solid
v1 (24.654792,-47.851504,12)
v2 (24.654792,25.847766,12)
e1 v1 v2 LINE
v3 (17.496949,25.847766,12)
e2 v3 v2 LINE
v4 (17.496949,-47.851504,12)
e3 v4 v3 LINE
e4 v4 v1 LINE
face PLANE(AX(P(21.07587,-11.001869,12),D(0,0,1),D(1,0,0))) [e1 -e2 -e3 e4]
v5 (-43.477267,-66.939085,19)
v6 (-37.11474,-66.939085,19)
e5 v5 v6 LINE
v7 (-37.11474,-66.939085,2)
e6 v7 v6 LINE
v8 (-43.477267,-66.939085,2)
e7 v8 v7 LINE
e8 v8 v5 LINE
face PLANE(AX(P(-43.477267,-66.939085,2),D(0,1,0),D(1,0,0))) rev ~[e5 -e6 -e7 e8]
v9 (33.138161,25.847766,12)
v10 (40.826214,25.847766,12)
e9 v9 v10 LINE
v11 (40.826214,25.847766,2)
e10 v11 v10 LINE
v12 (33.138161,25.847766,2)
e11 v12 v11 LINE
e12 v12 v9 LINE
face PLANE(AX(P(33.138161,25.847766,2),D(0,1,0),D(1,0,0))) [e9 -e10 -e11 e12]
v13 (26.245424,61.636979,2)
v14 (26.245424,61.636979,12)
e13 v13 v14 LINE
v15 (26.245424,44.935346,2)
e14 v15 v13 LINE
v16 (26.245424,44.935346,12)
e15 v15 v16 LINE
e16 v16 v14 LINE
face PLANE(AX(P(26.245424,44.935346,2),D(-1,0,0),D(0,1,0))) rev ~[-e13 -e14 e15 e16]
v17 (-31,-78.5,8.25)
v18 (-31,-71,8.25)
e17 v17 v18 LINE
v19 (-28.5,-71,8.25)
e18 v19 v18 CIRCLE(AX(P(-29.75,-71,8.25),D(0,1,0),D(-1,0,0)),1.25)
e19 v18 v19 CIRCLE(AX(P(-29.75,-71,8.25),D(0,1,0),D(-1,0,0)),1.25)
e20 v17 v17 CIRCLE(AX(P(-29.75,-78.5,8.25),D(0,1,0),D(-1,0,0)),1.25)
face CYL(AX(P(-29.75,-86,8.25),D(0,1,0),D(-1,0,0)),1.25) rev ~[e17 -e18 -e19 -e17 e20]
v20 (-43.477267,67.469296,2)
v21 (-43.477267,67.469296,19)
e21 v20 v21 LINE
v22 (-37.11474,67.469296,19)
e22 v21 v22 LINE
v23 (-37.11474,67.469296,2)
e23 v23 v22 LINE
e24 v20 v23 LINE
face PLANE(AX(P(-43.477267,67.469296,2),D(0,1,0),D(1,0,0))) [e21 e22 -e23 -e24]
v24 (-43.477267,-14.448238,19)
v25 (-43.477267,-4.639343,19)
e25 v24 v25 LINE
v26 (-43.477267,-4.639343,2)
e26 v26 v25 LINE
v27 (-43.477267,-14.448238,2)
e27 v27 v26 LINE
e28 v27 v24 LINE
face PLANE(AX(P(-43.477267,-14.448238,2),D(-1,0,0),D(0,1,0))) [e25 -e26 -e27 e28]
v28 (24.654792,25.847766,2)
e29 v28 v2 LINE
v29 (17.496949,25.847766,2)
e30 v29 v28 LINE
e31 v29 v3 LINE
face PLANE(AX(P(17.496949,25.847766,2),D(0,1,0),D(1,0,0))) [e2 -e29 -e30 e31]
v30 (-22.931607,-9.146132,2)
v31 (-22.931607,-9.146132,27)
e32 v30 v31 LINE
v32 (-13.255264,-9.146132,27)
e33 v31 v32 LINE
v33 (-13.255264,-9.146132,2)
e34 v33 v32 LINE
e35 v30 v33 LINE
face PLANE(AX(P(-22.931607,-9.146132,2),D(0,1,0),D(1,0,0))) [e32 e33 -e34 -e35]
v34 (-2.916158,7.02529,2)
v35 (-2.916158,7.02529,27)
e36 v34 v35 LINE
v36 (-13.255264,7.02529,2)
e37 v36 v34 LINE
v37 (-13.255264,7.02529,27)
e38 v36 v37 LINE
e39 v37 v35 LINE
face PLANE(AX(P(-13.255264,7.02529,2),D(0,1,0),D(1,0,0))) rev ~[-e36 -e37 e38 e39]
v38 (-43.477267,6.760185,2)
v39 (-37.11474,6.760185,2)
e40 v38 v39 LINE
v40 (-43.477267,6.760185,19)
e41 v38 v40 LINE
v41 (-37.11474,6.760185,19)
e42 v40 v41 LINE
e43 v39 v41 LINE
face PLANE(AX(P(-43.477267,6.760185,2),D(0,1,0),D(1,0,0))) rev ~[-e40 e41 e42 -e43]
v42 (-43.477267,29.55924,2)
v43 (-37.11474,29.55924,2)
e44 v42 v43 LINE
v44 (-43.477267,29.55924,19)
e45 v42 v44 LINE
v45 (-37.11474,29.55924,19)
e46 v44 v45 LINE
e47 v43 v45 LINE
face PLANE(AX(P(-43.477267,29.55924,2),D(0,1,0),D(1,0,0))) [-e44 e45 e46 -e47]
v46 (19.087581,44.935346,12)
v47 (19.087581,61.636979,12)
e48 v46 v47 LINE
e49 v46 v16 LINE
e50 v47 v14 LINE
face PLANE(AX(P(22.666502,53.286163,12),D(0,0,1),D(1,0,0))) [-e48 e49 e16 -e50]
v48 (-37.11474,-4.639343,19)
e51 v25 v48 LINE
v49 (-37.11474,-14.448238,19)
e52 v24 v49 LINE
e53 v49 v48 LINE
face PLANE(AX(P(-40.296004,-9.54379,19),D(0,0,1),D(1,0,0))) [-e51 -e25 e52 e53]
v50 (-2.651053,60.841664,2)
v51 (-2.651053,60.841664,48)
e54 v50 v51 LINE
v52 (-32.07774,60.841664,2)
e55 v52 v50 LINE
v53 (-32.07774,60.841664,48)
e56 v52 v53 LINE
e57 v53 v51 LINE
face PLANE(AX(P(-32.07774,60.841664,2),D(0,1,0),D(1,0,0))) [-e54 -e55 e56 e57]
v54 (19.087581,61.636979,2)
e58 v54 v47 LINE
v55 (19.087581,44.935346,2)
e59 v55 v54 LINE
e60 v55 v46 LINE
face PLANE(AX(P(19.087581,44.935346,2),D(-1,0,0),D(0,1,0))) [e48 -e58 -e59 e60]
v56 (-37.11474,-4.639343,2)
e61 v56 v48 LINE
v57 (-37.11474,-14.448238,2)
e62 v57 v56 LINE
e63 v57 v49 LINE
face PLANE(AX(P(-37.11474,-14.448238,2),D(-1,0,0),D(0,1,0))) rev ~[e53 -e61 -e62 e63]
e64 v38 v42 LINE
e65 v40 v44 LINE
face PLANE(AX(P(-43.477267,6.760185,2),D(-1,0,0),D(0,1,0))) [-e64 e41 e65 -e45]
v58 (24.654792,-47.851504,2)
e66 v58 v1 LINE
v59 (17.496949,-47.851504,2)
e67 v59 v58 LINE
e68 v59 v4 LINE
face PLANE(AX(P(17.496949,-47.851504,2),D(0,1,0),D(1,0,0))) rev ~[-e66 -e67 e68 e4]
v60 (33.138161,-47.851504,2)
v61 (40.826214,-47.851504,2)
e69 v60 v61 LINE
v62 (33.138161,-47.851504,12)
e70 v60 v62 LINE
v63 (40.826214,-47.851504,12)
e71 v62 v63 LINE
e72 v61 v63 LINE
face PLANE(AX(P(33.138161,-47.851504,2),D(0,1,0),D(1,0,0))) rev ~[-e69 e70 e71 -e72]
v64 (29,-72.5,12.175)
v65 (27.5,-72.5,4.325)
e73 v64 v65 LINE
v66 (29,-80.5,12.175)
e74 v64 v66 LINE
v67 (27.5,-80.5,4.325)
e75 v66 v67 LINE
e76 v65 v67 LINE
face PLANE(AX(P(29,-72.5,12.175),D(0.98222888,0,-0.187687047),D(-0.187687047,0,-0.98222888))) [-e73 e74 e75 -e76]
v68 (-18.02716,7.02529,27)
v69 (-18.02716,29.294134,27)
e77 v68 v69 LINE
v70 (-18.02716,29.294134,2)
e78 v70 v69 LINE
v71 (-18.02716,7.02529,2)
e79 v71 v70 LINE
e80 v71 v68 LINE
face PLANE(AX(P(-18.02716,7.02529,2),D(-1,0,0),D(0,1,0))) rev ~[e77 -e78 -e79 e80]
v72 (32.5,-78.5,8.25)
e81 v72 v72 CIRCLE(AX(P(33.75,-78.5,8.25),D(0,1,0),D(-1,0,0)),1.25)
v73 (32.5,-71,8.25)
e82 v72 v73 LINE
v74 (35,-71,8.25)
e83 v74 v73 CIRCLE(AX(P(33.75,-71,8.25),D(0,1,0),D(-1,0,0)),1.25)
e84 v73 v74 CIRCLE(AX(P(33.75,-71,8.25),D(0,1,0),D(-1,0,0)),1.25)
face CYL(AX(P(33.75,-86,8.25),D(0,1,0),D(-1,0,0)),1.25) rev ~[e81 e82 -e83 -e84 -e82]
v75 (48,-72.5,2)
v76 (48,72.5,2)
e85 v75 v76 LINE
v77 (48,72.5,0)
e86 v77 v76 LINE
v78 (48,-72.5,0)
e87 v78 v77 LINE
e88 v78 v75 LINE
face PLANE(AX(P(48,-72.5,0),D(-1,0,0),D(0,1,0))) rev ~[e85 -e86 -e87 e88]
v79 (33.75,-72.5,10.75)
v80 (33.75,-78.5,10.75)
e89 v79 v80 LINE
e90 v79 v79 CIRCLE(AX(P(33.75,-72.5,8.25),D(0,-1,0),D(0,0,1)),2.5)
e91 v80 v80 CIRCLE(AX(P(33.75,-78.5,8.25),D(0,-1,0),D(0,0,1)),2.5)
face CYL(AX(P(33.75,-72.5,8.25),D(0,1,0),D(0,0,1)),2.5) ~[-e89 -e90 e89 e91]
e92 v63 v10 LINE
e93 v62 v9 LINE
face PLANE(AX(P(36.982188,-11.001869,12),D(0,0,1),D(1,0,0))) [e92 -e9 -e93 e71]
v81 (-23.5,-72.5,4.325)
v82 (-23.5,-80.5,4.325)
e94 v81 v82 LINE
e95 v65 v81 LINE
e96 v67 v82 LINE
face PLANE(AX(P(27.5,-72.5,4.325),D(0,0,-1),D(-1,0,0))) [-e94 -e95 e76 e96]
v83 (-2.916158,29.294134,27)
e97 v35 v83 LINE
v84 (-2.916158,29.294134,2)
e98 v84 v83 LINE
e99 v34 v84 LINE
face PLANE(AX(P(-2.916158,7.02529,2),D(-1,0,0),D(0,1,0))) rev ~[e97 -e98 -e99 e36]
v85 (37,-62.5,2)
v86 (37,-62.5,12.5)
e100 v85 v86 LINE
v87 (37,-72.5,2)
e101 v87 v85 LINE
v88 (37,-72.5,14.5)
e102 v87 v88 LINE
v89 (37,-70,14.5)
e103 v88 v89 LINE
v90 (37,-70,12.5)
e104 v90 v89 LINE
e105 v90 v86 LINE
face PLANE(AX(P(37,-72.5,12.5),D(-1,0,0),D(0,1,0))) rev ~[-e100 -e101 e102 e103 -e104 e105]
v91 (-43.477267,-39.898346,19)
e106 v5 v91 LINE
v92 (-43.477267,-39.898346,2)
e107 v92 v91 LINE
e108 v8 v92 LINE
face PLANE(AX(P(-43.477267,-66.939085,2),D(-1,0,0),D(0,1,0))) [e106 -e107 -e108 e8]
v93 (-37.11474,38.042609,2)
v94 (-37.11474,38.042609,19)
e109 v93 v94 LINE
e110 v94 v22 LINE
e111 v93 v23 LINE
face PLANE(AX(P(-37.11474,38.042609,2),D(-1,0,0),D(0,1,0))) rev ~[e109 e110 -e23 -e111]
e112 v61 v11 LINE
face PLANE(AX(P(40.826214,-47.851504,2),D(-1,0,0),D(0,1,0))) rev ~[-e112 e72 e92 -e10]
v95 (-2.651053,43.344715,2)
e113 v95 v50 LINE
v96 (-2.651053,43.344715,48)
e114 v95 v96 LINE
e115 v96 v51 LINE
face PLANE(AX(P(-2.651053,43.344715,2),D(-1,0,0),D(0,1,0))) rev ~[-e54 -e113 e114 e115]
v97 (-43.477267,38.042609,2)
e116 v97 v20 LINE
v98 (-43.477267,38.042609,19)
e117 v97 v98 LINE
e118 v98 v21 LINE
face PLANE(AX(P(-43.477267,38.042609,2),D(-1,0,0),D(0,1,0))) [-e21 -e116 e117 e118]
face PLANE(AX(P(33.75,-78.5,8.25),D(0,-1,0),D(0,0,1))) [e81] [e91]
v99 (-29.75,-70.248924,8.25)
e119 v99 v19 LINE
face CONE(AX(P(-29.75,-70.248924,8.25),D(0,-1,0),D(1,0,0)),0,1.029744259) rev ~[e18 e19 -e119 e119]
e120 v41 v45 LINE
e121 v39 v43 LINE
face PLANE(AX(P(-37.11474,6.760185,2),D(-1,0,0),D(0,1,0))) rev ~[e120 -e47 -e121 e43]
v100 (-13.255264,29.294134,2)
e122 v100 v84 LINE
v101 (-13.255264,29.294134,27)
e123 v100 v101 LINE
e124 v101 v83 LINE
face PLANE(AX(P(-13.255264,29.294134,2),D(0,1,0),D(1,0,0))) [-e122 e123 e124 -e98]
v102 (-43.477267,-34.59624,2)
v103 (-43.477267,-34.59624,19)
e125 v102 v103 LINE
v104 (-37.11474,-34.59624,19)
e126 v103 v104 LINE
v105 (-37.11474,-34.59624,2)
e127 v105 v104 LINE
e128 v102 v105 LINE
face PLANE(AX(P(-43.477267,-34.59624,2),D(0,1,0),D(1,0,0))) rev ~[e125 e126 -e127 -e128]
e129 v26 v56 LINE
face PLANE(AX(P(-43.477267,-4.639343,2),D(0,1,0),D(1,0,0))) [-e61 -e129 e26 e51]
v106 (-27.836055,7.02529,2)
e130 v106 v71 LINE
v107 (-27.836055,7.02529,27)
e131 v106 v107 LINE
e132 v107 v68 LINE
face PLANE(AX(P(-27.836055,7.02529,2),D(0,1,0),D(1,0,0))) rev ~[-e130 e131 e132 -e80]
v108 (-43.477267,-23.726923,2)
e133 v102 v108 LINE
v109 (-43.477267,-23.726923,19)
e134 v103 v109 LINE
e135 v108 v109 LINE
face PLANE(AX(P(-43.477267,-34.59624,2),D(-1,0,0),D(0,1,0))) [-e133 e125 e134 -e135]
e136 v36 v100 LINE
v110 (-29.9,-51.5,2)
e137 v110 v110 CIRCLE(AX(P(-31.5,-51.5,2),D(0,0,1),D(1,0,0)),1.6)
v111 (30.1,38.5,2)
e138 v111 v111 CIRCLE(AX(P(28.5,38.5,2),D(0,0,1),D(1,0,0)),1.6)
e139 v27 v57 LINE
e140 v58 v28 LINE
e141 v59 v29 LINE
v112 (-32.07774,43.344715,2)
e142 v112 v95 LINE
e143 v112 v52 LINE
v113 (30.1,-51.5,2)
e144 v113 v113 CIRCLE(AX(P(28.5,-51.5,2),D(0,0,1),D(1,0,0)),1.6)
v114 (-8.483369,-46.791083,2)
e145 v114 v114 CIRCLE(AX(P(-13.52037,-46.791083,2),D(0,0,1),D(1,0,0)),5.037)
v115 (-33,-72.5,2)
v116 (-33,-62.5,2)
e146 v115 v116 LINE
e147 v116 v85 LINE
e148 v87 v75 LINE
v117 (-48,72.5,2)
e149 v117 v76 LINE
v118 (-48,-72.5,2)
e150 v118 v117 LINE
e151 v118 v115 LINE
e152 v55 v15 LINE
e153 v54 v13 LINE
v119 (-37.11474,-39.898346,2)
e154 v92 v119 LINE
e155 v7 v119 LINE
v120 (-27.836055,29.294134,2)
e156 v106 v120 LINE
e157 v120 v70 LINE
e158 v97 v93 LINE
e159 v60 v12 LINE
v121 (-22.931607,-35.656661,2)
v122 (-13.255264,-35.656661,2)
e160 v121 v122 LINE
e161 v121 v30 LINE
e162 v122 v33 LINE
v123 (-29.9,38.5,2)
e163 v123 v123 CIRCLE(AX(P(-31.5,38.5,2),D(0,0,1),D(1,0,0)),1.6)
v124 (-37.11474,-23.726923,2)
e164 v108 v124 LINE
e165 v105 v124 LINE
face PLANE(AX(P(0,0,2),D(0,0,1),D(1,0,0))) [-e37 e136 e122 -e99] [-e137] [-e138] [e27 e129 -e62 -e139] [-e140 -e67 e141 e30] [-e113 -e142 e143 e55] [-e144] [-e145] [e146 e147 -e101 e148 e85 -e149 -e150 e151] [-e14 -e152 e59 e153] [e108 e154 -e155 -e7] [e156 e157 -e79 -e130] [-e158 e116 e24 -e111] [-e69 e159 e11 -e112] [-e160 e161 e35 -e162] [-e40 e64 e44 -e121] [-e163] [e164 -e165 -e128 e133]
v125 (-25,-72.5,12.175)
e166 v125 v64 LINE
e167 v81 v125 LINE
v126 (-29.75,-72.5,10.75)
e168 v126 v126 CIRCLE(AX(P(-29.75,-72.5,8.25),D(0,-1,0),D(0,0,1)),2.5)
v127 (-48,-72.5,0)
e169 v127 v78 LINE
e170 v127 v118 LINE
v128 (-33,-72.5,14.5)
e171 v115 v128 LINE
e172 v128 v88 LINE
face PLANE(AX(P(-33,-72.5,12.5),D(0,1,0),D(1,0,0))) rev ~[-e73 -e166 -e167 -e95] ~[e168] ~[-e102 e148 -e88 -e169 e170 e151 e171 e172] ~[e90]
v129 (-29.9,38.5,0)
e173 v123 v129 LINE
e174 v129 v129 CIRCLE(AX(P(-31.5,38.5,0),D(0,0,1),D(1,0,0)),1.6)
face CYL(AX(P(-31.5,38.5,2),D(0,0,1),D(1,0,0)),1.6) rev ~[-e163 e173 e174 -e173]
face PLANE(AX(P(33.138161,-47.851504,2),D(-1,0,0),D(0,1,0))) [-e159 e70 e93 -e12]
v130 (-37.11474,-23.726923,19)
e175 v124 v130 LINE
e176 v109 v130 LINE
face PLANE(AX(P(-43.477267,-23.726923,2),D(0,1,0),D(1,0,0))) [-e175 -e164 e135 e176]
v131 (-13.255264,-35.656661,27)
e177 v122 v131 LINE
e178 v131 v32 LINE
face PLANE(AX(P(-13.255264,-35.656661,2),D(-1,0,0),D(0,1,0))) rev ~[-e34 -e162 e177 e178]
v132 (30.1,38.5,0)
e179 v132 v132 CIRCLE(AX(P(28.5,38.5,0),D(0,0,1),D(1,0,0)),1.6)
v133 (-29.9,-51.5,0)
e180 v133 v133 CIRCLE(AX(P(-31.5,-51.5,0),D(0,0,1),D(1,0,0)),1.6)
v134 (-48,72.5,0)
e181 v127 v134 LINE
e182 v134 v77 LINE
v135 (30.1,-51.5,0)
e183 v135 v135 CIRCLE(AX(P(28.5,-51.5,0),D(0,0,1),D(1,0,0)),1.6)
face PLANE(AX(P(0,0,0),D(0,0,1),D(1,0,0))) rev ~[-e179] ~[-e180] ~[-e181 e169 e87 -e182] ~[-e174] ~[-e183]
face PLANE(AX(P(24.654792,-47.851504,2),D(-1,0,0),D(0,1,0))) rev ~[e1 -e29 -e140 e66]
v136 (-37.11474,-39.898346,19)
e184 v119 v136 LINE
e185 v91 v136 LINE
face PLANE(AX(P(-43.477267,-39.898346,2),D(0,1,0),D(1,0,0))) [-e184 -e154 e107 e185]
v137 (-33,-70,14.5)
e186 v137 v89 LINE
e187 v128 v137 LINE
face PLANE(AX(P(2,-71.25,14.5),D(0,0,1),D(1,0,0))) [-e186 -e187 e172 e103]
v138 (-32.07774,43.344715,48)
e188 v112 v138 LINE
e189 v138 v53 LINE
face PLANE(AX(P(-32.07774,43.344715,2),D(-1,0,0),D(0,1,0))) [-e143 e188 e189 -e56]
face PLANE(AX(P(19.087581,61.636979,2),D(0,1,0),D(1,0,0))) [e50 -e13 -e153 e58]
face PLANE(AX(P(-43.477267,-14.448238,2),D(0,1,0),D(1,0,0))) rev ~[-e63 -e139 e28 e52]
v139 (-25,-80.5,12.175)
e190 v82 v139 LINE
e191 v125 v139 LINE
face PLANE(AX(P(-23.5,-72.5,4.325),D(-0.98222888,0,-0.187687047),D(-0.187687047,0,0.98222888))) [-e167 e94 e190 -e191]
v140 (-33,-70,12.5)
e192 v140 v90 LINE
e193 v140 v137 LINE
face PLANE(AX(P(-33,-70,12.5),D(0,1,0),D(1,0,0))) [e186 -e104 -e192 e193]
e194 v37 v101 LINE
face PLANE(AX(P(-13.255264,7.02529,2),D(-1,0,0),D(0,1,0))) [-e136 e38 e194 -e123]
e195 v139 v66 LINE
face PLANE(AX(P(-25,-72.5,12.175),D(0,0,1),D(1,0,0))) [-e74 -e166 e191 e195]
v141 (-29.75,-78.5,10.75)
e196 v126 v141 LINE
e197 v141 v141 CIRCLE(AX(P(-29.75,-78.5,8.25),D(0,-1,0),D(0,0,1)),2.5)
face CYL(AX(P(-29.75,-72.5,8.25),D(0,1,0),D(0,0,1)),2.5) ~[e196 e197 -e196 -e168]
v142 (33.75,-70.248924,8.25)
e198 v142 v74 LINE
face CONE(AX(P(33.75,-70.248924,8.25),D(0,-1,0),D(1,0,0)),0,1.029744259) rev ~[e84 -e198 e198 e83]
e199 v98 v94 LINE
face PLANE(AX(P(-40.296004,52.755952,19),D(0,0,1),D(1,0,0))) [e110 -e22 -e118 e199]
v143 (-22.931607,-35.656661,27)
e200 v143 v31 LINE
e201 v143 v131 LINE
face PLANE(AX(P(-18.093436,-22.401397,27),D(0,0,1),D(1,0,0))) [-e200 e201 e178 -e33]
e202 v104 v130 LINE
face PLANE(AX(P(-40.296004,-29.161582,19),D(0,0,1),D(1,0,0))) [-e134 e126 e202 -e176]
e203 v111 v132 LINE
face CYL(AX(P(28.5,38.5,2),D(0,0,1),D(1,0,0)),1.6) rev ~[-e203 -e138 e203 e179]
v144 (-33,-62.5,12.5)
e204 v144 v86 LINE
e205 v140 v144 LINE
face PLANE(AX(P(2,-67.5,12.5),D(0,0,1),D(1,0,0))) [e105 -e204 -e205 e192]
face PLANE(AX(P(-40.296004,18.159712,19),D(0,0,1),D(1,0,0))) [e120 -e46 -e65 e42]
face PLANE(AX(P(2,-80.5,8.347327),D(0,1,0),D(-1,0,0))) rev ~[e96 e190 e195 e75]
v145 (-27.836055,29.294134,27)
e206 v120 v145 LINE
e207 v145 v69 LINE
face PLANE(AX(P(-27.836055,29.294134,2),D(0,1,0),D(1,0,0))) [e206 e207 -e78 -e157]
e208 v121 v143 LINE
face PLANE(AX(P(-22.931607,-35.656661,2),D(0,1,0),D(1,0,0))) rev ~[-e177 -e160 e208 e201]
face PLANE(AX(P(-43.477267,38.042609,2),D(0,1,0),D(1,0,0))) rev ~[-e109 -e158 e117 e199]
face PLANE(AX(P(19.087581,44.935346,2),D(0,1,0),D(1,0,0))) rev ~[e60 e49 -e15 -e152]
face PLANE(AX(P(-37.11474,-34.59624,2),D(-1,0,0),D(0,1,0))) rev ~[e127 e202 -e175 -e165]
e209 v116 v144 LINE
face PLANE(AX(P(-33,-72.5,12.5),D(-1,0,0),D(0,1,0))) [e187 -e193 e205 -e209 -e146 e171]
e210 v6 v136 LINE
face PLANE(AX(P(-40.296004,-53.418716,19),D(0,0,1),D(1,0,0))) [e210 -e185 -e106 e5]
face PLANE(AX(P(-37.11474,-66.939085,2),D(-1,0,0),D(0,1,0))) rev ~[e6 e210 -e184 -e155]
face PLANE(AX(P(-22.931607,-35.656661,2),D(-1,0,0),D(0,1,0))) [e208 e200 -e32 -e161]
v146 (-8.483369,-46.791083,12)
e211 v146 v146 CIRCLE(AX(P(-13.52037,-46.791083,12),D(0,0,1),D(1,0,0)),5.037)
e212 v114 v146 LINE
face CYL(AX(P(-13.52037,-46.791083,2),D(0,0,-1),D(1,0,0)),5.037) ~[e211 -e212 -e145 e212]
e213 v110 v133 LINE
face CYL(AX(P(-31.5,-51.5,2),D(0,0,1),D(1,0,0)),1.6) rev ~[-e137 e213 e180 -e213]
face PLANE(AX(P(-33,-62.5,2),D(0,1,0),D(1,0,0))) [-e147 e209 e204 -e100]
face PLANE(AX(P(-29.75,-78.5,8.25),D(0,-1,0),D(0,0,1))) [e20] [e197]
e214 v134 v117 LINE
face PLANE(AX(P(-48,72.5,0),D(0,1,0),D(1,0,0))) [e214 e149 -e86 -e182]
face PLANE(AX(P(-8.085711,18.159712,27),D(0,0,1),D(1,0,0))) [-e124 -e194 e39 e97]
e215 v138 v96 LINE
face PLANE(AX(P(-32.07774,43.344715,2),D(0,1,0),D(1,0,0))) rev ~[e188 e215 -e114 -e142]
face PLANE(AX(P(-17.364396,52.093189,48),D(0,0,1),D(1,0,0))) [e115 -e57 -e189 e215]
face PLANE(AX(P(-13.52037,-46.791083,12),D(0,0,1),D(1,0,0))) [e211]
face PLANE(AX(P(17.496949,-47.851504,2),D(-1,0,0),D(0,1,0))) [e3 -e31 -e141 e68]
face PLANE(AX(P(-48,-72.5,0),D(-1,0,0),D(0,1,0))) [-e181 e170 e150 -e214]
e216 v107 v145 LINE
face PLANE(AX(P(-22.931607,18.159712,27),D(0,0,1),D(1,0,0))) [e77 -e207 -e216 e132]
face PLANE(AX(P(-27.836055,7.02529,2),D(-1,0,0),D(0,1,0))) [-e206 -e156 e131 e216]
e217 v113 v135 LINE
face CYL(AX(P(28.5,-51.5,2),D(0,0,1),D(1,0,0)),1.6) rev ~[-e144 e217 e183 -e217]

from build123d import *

# Parameters (mm, degrees)
SKETCH_1_W          = 96
SKETCH_1_H          = 145
EXTRUDE_1_DEPTH     = 2
SKETCH_2_W          = 6.362526911
SKETCH_2_H          = 29.426686961
SKETCH_2_H_2        = 22.799054763
SKETCH_2_H_3        = 9.808895654
SKETCH_2_H_4        = 10.869316806
SKETCH_2_H_5        = 27.04073937
EXTRUDE_2_DEPTH     = 17
SKETCH_3_W          = 29.426686961
SKETCH_3_H          = 17.496949003
EXTRUDE_3_DEPTH     = 46
SKETCH_4_W          = 9.808895653
SKETCH_4_H          = 22.268844187
SKETCH_4_W_2        = 10.33910623
SKETCH_4_W_3        = 9.676343009
SKETCH_4_H_2        = 26.510528793
EXTRUDE_4_DEPTH     = 25
SKETCH_5_R          = 5.037000471
EXTRUDE_5_DEPTH     = 10
SKETCH_6_W          = 7.157842775
SKETCH_6_H          = 16.70163314
EXTRUDE_6_DEPTH     = 10
SKETCH_7_W          = 7.157842774
SKETCH_7_H          = 73.699270047
SKETCH_7_W_2        = 7.68805335
EXTRUDE_7_DEPTH     = 10
SKETCH_8_R          = 1.6
CUT_EXTRUDE_1_DEPTH = 99.367931766
SKETCH_9_W          = 70
SKETCH_9_H          = 10
EXTRUDE_8_DEPTH     = 10.5
SKETCH_10_W         = 70
SKETCH_10_H         = 2.5
EXTRUDE_9_DEPTH     = 2
EXTRUDE_10_DEPTH    = 8
SKETCH_12_R         = 2.5
EXTRUDE_11_DEPTH    = 6
M3X0_5_1_D          = 2.5
M3X0_5_1_DEPTH      = 7.5
M3X0_5_1_TIP        = 0.751075774


with BuildPart() as part:
    # 草图1 → 凸台-拉伸1 (new body)
    with BuildSketch(Plane.XY):
        Rectangle(SKETCH_1_W, SKETCH_1_H)
    extrude(amount=EXTRUDE_1_DEPTH)

    # 草图2 → 凸台-拉伸2 (add)
    with BuildSketch(Plane.XY.offset(2)):
        with Locations((-40.296003767, 52.7559523)):
            Rectangle(SKETCH_2_W, SKETCH_2_H)
        with Locations((-40.296003767, 18.159712224)):
            Rectangle(SKETCH_2_W, SKETCH_2_H_2)
        with Locations((-40.296003767, -9.543790366)):
            Rectangle(SKETCH_2_W, SKETCH_2_H_3)
        with Locations((-40.296003767, -29.161581673)):
            Rectangle(SKETCH_2_W, SKETCH_2_H_4)
        with Locations((-40.296003767, -53.418715519)):
            Rectangle(SKETCH_2_W, SKETCH_2_H_5)
    extrude(amount=EXTRUDE_2_DEPTH)

    # 草图3 → 凸台-拉伸3 (add)
    with BuildSketch(Plane.XY.offset(2)):
        with Locations((-17.364396359, 52.09318908)):
            Rectangle(SKETCH_3_W, SKETCH_3_H)
    extrude(amount=EXTRUDE_3_DEPTH)

    # 草图4 → 凸台-拉伸4 (add)
    with BuildSketch(Plane.XY.offset(2)):
        with Locations((-22.931607407, 18.159712224)):
            Rectangle(SKETCH_4_W, SKETCH_4_H)
        with Locations((-8.085711282, 18.159712224)):
            Rectangle(SKETCH_4_W_2, SKETCH_4_H)
        with Locations((-18.093435902, -22.401396831)):
            Rectangle(SKETCH_4_W_3, SKETCH_4_H_2)
    extrude(amount=EXTRUDE_4_DEPTH)

    # 草图5 → 凸台-拉伸5 (add)
    with BuildSketch(Plane.XY.offset(2)):
        with Locations((-13.520369685, -46.791083321)):
            Circle(SKETCH_5_R)
    extrude(amount=EXTRUDE_5_DEPTH)

    # 草图6 → 凸台-拉伸6 (add)
    with BuildSketch(Plane.XY.offset(2)):
        with Locations((22.666502119, 53.286162875)):
            Rectangle(SKETCH_6_W, SKETCH_6_H)
    extrude(amount=EXTRUDE_6_DEPTH)

    # 草图7 → 凸台-拉伸7 (add)
    with BuildSketch(Plane.XY.offset(2)):
        with Locations((21.075870391, -11.00186945)):
            Rectangle(SKETCH_7_W, SKETCH_7_H)
        with Locations((36.982187667, -11.00186945)):
            Rectangle(SKETCH_7_W_2, SKETCH_7_H)
    extrude(amount=EXTRUDE_7_DEPTH)

    # 草图8 → 切除-拉伸1 (cut, through all)
    with BuildSketch(Plane.XY.offset(2)):
        with Locations((-31.5, -51.5)):
            Circle(SKETCH_8_R)
        with Locations((28.5, -51.5)):
            Circle(SKETCH_8_R)
        with Locations((-31.5, 38.5)):
            Circle(SKETCH_8_R)
        with Locations((28.5, 38.5)):
            Circle(SKETCH_8_R)
    extrude(amount=-CUT_EXTRUDE_1_DEPTH, mode=Mode.SUBTRACT)

    # 草图9 → 凸台-拉伸8 (add)
    with BuildSketch(Plane.XY.offset(2)):
        with Locations((2, -67.5)):
            Rectangle(SKETCH_9_W, SKETCH_9_H)
    extrude(amount=EXTRUDE_8_DEPTH)

    # 草图10 → 凸台-拉伸9 (add)
    with BuildSketch(Plane.XY.offset(12.5)):
        with Locations((2, -71.25)):
            Rectangle(SKETCH_10_W, SKETCH_10_H)
    extrude(amount=EXTRUDE_9_DEPTH)

    # 草图11 → 凸台-拉伸10 (add)
    with BuildSketch(Plane.XZ.offset(72.5)):
        Polygon((-25, 12.175), (29, 12.175), (27.5, 4.325), (-23.5, 4.325), align=None)
    extrude(amount=EXTRUDE_10_DEPTH)

    # 草图12 → 凸台-拉伸11 (add)
    with BuildSketch(Plane.XZ.offset(72.5)):
        with Locations(Location((-29.75, 8.25, 0), (0, 0, 90))):
            Circle(SKETCH_12_R)
        with Locations(Location((33.75, 8.25, 0), (0, 0, 90))):
            Circle(SKETCH_12_R)
    extrude(amount=EXTRUDE_11_DEPTH)

    # M3x0.5 螺纹孔1
    with Locations(Plane.XZ.offset(78.5)):
        with Locations((-29.75, 8.25), (33.75, 8.25)):
            Hole(M3X0_5_1_D / 2, depth=M3X0_5_1_DEPTH)
            with Locations((0, 0, -(M3X0_5_1_DEPTH + M3X0_5_1_TIP / 2))):  # 118° drill point
                Cone(0, M3X0_5_1_D / 2, M3X0_5_1_TIP, mode=Mode.SUBTRACT)


solid = part.part
